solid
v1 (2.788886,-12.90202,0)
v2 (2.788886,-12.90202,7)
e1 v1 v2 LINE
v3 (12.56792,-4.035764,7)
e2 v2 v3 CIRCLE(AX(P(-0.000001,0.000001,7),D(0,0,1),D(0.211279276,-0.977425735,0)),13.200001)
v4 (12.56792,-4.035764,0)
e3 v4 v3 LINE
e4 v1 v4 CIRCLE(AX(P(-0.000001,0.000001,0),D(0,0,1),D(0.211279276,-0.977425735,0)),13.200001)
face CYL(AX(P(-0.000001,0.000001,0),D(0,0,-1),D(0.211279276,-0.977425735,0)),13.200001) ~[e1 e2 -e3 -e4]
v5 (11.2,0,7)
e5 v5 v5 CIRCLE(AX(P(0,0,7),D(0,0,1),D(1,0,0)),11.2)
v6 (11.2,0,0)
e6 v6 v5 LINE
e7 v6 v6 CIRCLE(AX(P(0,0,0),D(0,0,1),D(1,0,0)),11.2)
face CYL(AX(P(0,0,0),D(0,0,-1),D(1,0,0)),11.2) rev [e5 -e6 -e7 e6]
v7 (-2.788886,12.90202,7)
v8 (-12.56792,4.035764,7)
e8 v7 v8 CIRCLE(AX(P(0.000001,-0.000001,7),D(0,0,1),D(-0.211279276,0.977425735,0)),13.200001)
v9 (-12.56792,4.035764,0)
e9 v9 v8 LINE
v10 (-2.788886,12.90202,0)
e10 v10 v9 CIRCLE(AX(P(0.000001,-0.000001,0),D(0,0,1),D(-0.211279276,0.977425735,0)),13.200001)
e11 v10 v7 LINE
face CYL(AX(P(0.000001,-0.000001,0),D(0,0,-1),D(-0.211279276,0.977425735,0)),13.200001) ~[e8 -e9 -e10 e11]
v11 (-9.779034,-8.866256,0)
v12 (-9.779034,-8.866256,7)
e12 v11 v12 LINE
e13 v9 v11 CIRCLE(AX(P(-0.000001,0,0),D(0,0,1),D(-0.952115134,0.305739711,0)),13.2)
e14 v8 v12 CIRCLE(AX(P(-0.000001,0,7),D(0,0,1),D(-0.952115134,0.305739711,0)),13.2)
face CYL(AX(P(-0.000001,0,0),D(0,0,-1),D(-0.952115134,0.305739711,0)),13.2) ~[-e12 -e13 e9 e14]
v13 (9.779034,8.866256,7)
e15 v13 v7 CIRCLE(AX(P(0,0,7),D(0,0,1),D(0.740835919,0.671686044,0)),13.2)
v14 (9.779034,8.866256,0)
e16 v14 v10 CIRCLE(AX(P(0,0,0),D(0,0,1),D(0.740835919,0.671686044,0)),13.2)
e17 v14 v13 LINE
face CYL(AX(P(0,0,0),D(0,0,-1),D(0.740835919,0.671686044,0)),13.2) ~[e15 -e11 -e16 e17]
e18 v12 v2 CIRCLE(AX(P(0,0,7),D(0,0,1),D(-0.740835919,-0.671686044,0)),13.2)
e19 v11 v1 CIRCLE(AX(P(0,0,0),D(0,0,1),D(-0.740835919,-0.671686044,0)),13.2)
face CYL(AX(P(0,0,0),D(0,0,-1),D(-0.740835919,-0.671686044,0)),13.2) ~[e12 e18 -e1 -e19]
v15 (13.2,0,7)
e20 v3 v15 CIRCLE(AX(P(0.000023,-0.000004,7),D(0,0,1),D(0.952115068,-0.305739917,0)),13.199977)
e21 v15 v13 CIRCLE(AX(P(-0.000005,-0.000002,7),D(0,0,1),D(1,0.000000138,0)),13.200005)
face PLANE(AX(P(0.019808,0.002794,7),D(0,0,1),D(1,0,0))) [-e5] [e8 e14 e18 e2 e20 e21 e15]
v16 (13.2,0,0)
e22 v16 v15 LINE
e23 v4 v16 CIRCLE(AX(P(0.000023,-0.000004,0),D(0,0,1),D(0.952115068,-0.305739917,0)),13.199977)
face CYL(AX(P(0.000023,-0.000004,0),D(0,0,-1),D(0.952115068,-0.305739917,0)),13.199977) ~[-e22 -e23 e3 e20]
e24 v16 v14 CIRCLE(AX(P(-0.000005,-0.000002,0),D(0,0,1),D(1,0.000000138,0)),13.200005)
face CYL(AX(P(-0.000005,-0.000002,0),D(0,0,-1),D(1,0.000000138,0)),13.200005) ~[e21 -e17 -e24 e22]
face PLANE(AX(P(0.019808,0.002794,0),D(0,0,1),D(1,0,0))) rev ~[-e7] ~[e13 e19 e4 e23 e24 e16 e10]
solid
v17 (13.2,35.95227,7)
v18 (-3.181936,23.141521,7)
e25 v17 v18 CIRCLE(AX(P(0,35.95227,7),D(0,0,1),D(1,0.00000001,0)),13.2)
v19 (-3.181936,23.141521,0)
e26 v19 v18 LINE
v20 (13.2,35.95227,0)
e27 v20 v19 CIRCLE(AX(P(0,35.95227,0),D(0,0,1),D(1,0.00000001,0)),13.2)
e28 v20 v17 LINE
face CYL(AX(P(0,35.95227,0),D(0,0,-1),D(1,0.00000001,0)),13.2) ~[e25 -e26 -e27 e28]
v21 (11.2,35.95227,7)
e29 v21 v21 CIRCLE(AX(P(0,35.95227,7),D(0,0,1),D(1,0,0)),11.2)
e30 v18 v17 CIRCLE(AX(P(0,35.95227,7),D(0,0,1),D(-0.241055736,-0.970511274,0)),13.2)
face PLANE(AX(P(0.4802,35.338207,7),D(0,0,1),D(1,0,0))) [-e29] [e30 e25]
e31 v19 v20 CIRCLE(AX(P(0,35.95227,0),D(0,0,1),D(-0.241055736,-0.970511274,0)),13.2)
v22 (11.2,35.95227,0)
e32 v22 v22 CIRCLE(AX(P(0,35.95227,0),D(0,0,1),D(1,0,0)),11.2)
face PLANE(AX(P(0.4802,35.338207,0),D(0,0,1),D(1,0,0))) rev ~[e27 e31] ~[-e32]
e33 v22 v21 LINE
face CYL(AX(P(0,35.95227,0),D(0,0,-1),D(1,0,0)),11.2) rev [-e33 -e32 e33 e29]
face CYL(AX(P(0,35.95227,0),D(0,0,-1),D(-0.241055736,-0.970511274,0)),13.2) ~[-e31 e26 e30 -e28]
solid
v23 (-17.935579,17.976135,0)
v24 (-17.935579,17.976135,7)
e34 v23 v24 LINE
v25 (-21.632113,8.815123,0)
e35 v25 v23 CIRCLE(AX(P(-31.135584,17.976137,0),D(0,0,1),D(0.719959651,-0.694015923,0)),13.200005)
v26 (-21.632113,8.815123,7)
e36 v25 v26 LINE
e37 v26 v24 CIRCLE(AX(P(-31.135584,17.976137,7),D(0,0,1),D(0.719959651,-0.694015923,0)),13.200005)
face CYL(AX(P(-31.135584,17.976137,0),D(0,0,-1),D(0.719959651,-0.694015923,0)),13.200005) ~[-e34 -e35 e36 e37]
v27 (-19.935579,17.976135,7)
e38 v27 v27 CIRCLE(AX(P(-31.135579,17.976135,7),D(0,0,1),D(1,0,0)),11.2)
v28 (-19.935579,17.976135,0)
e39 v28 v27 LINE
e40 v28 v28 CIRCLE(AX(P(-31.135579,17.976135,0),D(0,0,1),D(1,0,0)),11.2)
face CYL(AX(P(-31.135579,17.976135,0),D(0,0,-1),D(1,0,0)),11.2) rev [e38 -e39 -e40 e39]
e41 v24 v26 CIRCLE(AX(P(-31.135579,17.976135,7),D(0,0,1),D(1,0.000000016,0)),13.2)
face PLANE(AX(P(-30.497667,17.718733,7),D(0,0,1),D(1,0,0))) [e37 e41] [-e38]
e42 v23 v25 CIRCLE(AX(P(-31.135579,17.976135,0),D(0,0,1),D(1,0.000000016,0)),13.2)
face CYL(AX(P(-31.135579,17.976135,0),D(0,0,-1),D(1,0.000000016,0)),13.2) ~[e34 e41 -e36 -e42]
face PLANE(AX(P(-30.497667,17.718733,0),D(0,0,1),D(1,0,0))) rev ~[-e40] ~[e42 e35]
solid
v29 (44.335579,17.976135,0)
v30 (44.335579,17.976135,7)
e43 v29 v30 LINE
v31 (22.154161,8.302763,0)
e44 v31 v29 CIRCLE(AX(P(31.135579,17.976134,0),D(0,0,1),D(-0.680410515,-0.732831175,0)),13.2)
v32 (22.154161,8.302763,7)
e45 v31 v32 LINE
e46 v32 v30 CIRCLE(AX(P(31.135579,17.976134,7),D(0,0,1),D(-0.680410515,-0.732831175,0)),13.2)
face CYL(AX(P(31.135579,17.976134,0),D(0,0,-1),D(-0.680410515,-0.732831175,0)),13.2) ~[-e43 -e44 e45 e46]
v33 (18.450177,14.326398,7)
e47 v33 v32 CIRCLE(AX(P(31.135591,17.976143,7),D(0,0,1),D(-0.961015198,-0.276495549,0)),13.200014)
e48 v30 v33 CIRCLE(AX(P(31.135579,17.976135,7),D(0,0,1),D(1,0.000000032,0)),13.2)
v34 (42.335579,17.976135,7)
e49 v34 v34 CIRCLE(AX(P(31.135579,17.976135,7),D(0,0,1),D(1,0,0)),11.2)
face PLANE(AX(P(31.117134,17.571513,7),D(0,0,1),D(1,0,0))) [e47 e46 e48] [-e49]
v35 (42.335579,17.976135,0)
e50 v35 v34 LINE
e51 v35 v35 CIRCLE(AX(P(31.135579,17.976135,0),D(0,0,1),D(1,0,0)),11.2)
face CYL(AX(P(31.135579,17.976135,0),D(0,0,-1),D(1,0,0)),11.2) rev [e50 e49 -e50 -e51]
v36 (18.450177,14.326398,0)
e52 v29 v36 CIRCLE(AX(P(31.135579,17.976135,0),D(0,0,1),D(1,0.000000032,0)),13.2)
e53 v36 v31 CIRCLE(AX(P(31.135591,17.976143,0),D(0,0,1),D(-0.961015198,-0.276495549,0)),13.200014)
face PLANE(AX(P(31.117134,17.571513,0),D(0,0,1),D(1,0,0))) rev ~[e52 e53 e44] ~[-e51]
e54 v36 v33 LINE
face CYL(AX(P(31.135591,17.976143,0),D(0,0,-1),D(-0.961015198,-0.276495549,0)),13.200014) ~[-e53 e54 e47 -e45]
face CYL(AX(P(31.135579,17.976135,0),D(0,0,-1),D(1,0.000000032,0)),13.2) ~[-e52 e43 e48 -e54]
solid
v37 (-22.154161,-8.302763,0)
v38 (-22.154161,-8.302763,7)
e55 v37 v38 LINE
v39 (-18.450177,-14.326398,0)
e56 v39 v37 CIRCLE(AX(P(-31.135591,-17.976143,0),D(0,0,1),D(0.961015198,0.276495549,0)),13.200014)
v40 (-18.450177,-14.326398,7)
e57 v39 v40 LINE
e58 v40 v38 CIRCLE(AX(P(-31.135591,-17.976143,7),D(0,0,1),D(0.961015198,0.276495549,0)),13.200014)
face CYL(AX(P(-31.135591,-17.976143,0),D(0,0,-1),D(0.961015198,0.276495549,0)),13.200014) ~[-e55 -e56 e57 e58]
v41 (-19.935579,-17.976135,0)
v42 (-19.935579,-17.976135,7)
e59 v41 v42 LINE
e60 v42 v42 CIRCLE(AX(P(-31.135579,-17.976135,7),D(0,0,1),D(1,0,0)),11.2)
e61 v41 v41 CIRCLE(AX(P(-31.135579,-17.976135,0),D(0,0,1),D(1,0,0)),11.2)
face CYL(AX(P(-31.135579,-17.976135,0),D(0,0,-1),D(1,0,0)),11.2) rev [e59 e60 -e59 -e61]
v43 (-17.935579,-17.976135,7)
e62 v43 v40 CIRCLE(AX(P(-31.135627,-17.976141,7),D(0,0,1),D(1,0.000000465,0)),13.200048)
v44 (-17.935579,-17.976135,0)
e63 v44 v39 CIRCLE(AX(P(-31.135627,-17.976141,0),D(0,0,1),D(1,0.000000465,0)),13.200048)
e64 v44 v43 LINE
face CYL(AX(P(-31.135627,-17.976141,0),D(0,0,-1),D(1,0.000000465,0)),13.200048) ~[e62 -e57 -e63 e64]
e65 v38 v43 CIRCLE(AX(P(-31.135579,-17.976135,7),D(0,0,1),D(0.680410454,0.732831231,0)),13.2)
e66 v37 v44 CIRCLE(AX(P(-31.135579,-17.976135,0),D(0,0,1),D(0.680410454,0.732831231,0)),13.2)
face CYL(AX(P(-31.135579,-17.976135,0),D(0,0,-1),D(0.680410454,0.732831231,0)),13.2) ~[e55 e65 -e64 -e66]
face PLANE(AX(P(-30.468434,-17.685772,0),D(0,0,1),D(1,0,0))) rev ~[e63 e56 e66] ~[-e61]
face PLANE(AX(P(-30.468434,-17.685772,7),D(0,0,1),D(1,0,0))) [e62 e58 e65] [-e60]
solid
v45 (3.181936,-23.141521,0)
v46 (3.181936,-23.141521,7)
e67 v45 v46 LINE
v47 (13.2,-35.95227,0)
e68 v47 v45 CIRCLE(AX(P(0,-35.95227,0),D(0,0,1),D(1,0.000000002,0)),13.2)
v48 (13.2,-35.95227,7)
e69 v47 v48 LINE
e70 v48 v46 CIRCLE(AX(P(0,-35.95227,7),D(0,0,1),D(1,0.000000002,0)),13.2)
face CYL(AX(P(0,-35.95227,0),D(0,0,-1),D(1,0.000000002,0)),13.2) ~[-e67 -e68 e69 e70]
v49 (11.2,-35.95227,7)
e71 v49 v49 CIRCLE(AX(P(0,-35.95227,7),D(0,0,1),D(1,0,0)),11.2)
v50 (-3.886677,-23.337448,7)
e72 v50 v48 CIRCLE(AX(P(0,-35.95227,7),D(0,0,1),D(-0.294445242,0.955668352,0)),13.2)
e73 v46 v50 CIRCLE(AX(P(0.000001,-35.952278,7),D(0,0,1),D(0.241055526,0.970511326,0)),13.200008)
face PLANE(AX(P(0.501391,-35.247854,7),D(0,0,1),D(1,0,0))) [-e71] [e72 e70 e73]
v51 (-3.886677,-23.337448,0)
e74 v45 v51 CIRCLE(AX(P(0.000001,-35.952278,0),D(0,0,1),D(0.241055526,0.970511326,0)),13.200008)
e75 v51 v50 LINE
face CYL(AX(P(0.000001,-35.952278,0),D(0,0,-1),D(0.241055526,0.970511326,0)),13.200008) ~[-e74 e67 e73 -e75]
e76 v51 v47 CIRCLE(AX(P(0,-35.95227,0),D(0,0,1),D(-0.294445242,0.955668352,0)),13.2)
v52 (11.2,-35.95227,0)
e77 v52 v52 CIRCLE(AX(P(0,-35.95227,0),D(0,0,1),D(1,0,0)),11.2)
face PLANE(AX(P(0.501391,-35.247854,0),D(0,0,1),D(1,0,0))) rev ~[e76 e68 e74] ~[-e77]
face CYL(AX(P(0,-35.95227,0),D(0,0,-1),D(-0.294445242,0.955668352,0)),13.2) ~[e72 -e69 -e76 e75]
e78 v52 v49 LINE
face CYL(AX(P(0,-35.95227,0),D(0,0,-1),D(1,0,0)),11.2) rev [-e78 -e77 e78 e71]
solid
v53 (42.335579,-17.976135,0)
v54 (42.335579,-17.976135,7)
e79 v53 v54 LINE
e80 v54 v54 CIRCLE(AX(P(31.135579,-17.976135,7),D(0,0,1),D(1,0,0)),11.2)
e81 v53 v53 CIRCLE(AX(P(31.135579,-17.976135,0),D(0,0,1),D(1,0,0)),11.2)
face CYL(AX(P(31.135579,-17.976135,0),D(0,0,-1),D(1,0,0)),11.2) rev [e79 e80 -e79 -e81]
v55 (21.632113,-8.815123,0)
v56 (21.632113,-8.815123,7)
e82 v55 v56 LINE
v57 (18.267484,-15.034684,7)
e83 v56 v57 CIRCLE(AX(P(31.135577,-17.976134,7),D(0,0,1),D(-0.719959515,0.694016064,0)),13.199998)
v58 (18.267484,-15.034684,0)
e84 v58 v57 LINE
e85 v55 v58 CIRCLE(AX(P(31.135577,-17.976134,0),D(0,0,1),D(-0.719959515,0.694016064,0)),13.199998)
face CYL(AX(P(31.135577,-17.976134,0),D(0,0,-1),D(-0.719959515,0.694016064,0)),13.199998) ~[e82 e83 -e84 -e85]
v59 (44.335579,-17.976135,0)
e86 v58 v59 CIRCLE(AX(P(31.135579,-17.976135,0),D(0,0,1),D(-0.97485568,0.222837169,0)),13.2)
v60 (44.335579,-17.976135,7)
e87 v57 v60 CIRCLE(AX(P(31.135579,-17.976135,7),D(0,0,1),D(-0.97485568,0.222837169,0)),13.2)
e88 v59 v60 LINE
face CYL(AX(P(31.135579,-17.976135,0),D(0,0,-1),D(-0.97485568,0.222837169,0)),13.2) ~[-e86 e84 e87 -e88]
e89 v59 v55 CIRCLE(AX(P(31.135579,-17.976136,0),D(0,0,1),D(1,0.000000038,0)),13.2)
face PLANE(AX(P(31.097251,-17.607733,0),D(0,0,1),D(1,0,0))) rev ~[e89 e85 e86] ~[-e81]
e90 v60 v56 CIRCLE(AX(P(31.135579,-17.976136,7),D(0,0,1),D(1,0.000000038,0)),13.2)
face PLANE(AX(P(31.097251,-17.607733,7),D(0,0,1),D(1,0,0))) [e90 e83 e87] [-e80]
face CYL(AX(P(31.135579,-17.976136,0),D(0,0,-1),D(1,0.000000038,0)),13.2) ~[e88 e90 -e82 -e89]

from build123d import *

# Parameters (mm, degrees)
F0_R     = 11.2
F1_DEPTH = 7


with BuildPart() as f1:
    # F0 (on Top) → F1 (new body)
    with BuildSketch(Plane.XY):
        with BuildLine():
            ThreePointArc((13.2, 35.95227), (-8.131373, 46.350384), (-3.181936, 23.141521))
            ThreePointArc((-3.181936, 23.141521), (8.131373, 25.554156), (13.2, 35.95227))
        make_face()
        with Locations((0, 35.95227)):
            Circle(F0_R, mode=Mode.SUBTRACT)
        with BuildLine():
            ThreePointArc((-17.935579, 17.976135), (-43.376612, 22.91548), (-21.632113, 8.815123))
            ThreePointArc((-21.632113, 8.815123), (-18.894547, 13.03679), (-17.935579, 17.976135))
        make_face()
        with Locations((-31.135579, 17.976135)):
            Circle(F0_R, mode=Mode.SUBTRACT)
        with BuildLine():
            ThreePointArc((-17.935579, -17.976135), (-18.064862, -16.133217), (-18.450177, -14.326398))
            ThreePointArc((-18.450177, -14.326398), (-19.8913, -11.061934), (-22.154161, -8.302763))
            ThreePointArc((-22.154161, -8.302763), (-43.235057, -23.252747), (-17.935579, -17.976135))
        make_face()
        with Locations((-31.135579, -17.976135)):
            Circle(F0_R, mode=Mode.SUBTRACT)
        with BuildLine():
            ThreePointArc((12.56792, -4.035764), (13.041023, -2.042481), (13.2, 0))
            ThreePointArc((13.2, 0), (12.315097, 4.751671), (9.779034, 8.866256))
            ThreePointArc((9.779034, 8.866256), (4.035764, 12.56792), (-2.788886, 12.90202))
            ThreePointArc((-2.788886, 12.90202), (-8.866256, 9.779034), (-12.56792, 4.035764))
            ThreePointArc((-12.56792, 4.035764), (-12.90202, -2.788886), (-9.779034, -8.866256))
            ThreePointArc((-9.779034, -8.866256), (-4.035764, -12.56792), (2.788886, -12.90202))
            ThreePointArc((2.788886, -12.90202), (8.866256, -9.779034), (12.56792, -4.035764))
        make_face()
        Circle(F0_R, mode=Mode.SUBTRACT)
        with BuildLine():
            ThreePointArc((44.335579, 17.976135), (29.292661, 31.046852), (18.450177, 14.326398))
            ThreePointArc((18.450177, 14.326398), (19.8913, 11.061934), (22.154161, 8.302763))
            ThreePointArc((22.154161, 8.302763), (36.412192, 5.876657), (44.335579, 17.976135))
        make_face()
        with Locations((31.135579, 17.976135)):
            Circle(F0_R, mode=Mode.SUBTRACT)
        with BuildLine():
            ThreePointArc((44.335579, -17.976135), (36.074924, -5.735103), (21.632113, -8.815123))
            ThreePointArc((21.632113, -8.815123), (19.525565, -11.695404), (18.267484, -15.034684))
            ThreePointArc((18.267484, -15.034684), (29.655521, -31.092896), (44.335579, -17.976135))
        make_face()
        with Locations((31.135579, -17.976135)):
            Circle(F0_R, mode=Mode.SUBTRACT)
        with BuildLine():
            ThreePointArc((13.2, -35.95227), (10.398114, -27.820897), (3.181936, -23.141521))
            ThreePointArc((3.181936, -23.141521), (-0.365734, -22.757338), (-3.886677, -23.337448))
            ThreePointArc((-3.886677, -23.337448), (-7.840149, -46.571689), (13.2, -35.95227))
        make_face()
        with Locations((0, -35.95227)):
            Circle(F0_R, mode=Mode.SUBTRACT)
    extrude(amount=F1_DEPTH)


solid = f1.part
